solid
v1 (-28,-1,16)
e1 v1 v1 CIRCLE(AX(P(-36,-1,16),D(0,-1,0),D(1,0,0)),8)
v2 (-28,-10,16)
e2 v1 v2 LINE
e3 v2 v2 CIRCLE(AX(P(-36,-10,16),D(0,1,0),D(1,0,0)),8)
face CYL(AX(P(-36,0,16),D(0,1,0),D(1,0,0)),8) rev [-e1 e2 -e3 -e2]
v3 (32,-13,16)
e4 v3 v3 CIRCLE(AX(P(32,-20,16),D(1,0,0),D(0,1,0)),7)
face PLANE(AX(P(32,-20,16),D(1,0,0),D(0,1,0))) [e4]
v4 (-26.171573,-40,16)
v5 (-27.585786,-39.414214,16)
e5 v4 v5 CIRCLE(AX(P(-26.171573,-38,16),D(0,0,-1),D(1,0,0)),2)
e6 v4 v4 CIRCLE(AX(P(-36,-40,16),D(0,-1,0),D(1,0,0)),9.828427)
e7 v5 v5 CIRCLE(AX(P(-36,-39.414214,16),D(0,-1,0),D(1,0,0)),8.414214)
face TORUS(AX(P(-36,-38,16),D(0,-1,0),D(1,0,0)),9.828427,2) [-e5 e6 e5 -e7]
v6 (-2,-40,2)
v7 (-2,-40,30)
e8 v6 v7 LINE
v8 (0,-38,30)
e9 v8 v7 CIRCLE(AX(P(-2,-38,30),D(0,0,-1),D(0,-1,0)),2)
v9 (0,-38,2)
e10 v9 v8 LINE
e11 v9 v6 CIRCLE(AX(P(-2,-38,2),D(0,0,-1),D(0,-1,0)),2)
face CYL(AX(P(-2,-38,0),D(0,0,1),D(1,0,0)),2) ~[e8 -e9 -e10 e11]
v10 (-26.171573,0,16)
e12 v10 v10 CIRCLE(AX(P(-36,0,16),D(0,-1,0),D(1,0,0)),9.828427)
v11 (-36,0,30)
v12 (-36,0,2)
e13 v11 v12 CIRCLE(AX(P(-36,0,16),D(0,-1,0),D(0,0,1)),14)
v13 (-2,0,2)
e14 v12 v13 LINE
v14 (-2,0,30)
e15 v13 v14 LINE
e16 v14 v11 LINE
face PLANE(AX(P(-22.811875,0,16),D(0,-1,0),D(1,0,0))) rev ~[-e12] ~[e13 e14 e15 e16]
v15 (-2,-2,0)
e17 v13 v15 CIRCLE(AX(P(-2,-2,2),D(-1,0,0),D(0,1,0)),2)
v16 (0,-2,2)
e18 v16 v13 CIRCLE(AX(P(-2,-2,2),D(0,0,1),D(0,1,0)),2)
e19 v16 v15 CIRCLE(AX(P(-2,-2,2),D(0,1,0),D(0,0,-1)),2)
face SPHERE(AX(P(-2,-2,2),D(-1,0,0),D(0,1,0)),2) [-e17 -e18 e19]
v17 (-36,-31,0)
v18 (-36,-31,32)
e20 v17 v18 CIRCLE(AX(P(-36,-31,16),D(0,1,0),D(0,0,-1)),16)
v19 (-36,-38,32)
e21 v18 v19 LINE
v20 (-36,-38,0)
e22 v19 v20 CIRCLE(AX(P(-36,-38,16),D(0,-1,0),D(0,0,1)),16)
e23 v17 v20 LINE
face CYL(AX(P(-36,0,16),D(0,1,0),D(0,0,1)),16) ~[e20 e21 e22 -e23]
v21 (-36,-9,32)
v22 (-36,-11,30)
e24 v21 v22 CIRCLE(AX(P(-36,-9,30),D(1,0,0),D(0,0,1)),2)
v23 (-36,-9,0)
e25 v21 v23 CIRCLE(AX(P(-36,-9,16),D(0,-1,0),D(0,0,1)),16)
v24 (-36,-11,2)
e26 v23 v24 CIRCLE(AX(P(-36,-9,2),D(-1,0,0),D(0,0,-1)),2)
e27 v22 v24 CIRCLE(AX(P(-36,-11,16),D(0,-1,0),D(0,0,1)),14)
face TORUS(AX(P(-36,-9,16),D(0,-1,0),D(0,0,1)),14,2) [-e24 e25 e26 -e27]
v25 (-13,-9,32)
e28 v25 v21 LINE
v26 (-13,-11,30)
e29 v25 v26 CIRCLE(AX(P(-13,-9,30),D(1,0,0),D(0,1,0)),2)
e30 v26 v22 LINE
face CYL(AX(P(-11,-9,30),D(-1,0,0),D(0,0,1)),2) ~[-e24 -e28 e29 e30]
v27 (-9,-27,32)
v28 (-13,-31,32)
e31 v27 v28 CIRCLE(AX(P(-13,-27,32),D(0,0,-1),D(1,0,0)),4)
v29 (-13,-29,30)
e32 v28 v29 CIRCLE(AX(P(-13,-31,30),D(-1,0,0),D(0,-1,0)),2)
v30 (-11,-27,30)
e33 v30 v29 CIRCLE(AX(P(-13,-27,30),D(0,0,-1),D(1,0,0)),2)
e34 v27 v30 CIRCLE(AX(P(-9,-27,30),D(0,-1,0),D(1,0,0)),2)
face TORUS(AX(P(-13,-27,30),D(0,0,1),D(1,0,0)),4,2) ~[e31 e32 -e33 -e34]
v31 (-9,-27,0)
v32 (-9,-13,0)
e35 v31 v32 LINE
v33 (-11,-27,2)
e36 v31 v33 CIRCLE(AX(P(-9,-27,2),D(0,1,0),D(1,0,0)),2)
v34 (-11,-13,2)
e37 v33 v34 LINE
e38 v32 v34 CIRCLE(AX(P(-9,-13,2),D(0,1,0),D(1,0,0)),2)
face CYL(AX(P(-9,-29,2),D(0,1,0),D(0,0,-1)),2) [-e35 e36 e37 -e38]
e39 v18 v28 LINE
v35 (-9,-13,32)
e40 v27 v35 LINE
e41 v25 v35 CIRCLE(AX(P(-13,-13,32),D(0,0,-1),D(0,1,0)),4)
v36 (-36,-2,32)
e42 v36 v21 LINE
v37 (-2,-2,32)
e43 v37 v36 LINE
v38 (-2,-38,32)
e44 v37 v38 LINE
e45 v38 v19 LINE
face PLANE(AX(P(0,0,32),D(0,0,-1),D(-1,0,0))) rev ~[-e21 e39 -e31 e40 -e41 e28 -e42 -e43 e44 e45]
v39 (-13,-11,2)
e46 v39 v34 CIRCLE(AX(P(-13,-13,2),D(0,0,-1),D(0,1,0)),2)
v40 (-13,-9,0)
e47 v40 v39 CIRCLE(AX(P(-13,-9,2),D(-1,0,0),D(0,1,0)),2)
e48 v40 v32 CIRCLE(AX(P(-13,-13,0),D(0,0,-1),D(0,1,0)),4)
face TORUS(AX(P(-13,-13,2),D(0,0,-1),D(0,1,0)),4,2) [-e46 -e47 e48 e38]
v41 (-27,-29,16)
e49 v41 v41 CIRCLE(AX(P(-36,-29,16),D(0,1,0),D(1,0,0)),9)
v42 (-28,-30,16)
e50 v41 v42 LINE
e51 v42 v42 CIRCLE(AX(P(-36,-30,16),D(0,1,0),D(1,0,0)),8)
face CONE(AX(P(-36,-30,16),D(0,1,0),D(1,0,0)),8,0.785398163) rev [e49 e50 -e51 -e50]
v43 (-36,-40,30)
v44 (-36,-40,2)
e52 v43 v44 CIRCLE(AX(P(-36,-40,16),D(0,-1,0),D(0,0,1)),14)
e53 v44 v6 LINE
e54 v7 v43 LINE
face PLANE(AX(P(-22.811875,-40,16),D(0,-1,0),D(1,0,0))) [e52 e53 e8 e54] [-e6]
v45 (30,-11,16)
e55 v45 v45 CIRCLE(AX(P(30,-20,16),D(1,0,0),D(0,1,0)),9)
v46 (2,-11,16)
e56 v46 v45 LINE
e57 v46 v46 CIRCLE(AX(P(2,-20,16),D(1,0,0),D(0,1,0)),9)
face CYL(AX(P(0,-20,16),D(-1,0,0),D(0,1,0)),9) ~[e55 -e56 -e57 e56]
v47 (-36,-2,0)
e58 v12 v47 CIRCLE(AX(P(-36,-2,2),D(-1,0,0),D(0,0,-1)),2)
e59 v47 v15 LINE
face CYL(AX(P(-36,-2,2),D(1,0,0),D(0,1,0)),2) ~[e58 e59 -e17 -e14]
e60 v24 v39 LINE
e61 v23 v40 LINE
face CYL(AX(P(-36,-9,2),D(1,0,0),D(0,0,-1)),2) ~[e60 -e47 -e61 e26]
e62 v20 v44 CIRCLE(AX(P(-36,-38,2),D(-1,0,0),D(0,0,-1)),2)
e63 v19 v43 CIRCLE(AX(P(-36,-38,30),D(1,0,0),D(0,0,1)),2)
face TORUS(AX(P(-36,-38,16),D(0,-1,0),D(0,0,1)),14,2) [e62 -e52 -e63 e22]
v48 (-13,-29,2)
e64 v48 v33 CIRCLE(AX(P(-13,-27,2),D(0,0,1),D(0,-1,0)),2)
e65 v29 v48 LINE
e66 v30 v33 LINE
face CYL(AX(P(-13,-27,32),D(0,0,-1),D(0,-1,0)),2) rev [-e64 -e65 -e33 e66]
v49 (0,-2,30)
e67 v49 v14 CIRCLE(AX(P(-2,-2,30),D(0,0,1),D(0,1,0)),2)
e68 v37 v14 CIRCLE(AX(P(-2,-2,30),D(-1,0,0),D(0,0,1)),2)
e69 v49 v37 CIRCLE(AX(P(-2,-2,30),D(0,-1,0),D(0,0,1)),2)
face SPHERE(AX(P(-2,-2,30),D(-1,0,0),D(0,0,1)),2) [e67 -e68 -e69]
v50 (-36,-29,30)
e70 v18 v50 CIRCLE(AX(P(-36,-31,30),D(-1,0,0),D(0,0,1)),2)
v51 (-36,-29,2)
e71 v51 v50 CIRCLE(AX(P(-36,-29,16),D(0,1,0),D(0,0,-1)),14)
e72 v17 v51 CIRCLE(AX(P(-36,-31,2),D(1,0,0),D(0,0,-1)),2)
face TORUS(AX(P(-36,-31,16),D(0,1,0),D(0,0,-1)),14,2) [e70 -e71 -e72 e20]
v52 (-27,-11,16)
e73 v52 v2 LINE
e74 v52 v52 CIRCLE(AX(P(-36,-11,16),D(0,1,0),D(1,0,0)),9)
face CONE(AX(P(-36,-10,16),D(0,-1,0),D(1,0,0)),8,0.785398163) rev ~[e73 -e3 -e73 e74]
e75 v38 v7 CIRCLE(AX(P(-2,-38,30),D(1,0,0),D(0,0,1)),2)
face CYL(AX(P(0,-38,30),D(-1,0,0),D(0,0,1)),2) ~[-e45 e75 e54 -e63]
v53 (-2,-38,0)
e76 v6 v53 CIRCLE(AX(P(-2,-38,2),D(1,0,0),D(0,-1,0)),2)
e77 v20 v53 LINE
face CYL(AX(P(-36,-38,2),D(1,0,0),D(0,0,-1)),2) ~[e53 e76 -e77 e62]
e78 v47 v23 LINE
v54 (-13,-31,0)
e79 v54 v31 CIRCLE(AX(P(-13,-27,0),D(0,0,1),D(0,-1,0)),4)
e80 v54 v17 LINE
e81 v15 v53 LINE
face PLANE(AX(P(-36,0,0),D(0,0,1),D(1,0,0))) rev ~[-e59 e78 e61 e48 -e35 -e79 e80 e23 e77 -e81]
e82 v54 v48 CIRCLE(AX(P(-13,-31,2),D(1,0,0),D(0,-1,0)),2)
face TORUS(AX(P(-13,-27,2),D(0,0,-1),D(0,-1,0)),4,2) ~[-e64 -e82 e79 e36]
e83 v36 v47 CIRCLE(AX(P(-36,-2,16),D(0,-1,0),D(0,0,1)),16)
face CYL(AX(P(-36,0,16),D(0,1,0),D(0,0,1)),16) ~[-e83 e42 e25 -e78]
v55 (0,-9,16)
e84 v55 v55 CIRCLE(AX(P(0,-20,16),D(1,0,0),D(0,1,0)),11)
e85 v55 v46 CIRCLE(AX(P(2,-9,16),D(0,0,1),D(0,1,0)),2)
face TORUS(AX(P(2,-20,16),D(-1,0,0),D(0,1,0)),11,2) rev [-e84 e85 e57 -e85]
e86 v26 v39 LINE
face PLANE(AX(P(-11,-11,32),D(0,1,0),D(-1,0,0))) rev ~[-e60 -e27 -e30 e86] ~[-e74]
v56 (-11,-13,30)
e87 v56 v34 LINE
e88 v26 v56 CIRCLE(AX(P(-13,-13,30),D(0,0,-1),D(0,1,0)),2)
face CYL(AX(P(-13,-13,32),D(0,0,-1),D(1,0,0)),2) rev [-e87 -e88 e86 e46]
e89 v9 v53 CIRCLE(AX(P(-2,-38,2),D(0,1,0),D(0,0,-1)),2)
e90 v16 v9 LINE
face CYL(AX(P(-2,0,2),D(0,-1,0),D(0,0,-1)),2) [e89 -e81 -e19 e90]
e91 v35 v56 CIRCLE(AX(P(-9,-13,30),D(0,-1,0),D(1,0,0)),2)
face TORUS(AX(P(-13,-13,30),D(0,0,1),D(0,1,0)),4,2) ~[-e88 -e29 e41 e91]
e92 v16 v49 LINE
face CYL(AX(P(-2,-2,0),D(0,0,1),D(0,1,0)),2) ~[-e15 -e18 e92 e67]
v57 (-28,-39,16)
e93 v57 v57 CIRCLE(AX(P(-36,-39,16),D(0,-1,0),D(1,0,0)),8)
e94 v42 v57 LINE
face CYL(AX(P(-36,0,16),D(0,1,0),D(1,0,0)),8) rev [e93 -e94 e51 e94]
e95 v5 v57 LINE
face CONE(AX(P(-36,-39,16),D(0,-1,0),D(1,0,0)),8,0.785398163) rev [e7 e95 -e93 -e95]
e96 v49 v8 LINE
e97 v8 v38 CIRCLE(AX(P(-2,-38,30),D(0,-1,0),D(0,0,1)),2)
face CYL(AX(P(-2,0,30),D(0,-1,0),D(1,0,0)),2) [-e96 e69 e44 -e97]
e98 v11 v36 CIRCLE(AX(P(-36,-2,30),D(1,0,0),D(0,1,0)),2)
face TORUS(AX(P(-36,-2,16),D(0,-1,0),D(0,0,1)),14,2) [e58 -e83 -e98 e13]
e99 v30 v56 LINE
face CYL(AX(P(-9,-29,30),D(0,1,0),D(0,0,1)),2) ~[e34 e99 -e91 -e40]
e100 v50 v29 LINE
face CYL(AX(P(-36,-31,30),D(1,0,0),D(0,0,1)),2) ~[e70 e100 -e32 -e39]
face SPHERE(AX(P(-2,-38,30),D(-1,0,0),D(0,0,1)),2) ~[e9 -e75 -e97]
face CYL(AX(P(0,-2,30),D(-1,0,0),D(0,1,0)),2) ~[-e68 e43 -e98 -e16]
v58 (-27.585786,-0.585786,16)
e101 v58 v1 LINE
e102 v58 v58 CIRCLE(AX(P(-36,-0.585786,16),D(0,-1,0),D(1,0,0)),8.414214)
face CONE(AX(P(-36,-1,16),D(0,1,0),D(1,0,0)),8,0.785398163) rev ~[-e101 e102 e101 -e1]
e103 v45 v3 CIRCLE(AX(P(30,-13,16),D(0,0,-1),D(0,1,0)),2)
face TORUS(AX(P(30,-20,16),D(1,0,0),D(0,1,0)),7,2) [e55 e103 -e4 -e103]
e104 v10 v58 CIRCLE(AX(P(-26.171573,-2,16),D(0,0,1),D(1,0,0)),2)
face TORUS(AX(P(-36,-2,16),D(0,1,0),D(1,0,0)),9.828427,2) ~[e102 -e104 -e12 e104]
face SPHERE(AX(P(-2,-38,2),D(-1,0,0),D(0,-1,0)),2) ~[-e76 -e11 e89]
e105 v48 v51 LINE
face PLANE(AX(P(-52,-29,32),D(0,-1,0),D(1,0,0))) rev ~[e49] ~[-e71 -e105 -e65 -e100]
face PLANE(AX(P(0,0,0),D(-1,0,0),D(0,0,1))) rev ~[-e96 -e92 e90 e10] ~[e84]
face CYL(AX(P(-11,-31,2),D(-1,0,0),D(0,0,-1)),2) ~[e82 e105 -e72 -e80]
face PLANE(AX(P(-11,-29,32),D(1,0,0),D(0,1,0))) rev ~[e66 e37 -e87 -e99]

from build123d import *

# Parameters (mm, degrees)
F0_R     = 8
F1_DEPTH = 40
F2_W     = 25
F2_H     = 18
F2_W_2   = 16
F3_DEPTH = 32.001
F4_R     = 9
F5_DEPTH = 32
F6_SIZE2 = 1
F6_SIZE  = 1
F7_R     = 2


with BuildPart() as f1:
    # F0 (on Front) → F1 (new body)
    with BuildSketch(Plane.XZ):
        with BuildLine():
            Line((-36, 0), (0, 0))
            Line((0, 0), (0, 32))
            Line((0, 32), (-36, 32))
            ThreePointArc((-36, 32), (-52, 16), (-36, 0))
        make_face()
        with Locations((-36, 16)):
            Circle(F0_R, mode=Mode.SUBTRACT)
    extrude(amount=F1_DEPTH)

    # F2 (on face) → F3 (cut, through all)
    with BuildSketch(Plane.XY.offset(32)):
        with Locations((-23.5, -20)):
            Rectangle(F2_W, F2_H)
        with Locations((-44, -20)):
            Rectangle(F2_W_2, F2_H)
    extrude(amount=-F3_DEPTH, mode=Mode.SUBTRACT)

    # F4 (on face) → F5 (join)
    with BuildSketch(Plane.YZ):
        with Locations((-20, 16)):
            Circle(F4_R)
    extrude(amount=F5_DEPTH)

    # F6
    f6_edges = [f1.edges().sort_by_distance(p)[0] for p in [
        (-44, -40, 16),
        (-44, -29, 16),
        (-44, -11, 16),
        (-44, 0, 16),
    ]]
    chamfer(f6_edges, length=F6_SIZE, length2=F6_SIZE2)

    # F7
    f7_edges = [f1.edges().sort_by_distance(p)[0] for p in [
        (-18, 0, 32),
        (-36, -5.5, 32),
        (-23.5, -11, 32),
        (-11, -20, 32),
        (-23.5, -29, 32),
        (-36, -34.5, 32),
        (-18, -40, 32),
        (0, -20, 32),
        (-45, -40, 16),
        (-18, -40, 0),
        (0, -40, 16),
        (-52, -40, 16),
        (-45, 0, 16),
        (-18, 0, 0),
        (0, 0, 16),
        (-52, 0, 16),
        (0, -20, 0),
        (-36, -34.5, 0),
        (-23.5, -29, 0),
        (-11, -20, 0),
        (-23.5, -11, 0),
        (-36, -5.5, 0),
        (32, -29, 16),
        (0, -29, 16),
        (-11, -11, 16),
        (-11, -29, 16),
    ]]
    fillet(f7_edges, radius=F7_R)


solid = f1.part
